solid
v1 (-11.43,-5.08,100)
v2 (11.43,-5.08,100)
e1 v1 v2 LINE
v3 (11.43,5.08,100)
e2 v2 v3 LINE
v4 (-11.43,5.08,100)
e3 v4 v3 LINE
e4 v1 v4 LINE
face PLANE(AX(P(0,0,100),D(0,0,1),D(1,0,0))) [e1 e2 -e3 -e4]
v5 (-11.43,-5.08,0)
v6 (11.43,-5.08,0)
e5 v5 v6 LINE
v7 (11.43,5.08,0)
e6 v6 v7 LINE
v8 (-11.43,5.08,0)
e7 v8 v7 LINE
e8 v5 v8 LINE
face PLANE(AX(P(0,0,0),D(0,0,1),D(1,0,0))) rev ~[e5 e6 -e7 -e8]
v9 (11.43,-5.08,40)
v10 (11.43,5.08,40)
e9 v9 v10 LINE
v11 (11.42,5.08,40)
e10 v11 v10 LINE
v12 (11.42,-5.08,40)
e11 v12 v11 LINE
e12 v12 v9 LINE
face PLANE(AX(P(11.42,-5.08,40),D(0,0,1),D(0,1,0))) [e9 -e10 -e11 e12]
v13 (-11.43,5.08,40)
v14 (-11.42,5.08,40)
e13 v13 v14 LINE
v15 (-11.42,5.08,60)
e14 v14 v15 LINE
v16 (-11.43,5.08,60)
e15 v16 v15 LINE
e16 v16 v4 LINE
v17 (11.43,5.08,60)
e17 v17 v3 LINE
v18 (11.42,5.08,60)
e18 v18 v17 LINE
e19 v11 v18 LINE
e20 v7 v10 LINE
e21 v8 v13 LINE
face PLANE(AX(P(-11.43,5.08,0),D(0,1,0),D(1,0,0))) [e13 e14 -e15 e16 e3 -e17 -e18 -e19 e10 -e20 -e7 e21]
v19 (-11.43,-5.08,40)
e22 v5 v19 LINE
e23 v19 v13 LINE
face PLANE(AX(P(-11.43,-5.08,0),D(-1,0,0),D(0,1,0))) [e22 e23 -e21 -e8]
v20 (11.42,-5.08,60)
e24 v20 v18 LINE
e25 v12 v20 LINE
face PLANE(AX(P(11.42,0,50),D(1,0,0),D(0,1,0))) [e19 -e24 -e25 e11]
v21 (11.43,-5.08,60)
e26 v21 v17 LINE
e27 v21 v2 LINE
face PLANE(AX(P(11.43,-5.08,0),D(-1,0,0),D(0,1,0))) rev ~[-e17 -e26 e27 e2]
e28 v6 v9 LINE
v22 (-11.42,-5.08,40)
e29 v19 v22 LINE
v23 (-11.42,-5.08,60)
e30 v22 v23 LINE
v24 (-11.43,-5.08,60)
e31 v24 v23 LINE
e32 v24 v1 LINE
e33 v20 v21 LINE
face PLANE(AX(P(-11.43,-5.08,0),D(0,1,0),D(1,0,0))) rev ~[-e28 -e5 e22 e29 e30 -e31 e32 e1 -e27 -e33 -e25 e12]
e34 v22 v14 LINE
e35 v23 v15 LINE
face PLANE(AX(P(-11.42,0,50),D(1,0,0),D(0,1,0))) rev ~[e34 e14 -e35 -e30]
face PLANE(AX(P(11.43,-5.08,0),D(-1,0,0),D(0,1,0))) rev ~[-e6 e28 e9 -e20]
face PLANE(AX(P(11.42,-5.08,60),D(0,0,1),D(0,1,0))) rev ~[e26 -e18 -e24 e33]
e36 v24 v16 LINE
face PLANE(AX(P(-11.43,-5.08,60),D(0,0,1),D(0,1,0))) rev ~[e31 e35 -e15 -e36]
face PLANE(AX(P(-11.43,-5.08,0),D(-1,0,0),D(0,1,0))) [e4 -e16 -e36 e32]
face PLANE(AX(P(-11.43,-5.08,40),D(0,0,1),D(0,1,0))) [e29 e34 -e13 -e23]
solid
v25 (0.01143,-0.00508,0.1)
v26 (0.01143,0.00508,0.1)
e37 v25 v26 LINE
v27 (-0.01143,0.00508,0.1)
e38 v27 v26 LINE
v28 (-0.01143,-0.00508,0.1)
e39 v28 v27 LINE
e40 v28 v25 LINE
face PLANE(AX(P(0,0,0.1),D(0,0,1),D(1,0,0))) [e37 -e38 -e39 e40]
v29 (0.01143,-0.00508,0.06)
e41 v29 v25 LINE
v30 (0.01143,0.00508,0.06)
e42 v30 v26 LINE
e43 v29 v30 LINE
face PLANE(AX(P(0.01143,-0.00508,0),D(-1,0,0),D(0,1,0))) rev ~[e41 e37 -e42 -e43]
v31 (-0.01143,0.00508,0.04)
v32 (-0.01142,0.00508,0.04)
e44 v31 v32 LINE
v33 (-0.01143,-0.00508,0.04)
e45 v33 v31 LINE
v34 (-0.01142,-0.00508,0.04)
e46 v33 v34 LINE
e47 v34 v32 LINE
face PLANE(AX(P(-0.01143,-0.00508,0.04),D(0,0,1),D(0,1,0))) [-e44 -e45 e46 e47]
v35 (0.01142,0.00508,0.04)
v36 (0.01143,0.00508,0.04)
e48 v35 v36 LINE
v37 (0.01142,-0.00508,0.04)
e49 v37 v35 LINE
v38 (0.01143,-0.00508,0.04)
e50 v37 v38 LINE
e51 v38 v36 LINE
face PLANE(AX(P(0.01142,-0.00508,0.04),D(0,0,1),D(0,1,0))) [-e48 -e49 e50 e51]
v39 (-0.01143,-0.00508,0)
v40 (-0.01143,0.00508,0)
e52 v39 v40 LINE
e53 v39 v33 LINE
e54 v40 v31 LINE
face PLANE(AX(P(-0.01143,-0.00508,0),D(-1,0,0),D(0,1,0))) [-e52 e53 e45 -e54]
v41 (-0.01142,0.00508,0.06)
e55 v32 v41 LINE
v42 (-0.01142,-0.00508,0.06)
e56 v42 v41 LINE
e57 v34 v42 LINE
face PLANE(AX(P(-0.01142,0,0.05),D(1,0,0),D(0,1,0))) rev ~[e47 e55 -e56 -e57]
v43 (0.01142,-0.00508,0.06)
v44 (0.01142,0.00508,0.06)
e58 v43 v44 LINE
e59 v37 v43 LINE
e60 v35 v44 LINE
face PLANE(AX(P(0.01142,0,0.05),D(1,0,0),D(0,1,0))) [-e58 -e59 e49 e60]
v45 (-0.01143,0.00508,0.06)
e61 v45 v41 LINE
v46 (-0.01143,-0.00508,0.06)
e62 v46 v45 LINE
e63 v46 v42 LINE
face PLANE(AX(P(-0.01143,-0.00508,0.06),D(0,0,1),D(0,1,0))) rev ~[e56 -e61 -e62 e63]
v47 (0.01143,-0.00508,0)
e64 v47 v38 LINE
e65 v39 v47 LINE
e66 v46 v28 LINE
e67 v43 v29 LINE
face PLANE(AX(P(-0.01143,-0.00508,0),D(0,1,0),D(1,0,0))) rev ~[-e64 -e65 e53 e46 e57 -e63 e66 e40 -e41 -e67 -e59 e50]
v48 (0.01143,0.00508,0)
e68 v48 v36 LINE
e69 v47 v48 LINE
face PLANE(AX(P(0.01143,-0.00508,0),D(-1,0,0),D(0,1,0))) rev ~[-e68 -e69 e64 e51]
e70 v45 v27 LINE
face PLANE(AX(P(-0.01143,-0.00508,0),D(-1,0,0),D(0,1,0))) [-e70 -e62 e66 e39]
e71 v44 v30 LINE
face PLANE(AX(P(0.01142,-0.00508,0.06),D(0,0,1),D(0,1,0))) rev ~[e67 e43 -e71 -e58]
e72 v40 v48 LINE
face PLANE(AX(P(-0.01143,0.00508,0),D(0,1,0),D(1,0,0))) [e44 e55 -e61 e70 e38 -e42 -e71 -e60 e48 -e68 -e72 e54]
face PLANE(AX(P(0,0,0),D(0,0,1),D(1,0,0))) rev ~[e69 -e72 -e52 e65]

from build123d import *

# Parameters (mm, degrees)
RECTANGLE003_W       = 10.16
RECTANGLE003_H       = 20
EXTRUDE001_DEPTH     = 0.01
RECTANGLE_W          = 22.86
RECTANGLE_H          = 10.16
EXTRUDE_DEPTH        = 100
CLONE001_SCALE_SCALE = 0.001


with BuildPart() as extrude001:
    # Rectangle003 → Extrude001 (new body)
    with BuildSketch(Plane(origin=(11.43, -5.08, 40), x_dir=(0, 1, 0), z_dir=(1, 0, 0))):
        with Locations((5.08, 10)):
            Rectangle(RECTANGLE003_W, RECTANGLE003_H)
    extrude(amount=EXTRUDE001_DEPTH)


with BuildPart() as extrude001_1:
    # Extrude001 placement: moved
    add(extrude001.part.moved(Location((-0.01, 0, 0))))


with BuildPart() as extrude002:
    # Clone base: copy of Extrude001
    add(extrude001_1.part)


with BuildPart() as extrude002_1:
    # Clone placement: moved
    add(extrude002.part.moved(Location((-22.85, 0, 0))))


with BuildPart() as cut001:
    # Rectangle → Extrude (new body)
    with BuildSketch(Plane(origin=(-11.43, -5.08, 0), x_dir=(1, 0, 0), z_dir=(0, 0, 1))):
        with Locations((11.43, 5.08)):
            Rectangle(RECTANGLE_W, RECTANGLE_H)
    extrude(amount=EXTRUDE_DEPTH)

    # Cut: cut Extrude001
    add(extrude001_1.part, mode=Mode.SUBTRACT)

    # Cut001: cut Extrude002
    add(extrude002_1.part, mode=Mode.SUBTRACT)


with BuildPart() as scaled:
    # Clone001 base: copy of Cut001
    add(cut001.part)


with BuildPart() as scaled_1:
    # Clone001 scale: moved
    add(scaled.part.scale(CLONE001_SCALE_SCALE))


solid = Compound([cut001.part, scaled_1.part])
